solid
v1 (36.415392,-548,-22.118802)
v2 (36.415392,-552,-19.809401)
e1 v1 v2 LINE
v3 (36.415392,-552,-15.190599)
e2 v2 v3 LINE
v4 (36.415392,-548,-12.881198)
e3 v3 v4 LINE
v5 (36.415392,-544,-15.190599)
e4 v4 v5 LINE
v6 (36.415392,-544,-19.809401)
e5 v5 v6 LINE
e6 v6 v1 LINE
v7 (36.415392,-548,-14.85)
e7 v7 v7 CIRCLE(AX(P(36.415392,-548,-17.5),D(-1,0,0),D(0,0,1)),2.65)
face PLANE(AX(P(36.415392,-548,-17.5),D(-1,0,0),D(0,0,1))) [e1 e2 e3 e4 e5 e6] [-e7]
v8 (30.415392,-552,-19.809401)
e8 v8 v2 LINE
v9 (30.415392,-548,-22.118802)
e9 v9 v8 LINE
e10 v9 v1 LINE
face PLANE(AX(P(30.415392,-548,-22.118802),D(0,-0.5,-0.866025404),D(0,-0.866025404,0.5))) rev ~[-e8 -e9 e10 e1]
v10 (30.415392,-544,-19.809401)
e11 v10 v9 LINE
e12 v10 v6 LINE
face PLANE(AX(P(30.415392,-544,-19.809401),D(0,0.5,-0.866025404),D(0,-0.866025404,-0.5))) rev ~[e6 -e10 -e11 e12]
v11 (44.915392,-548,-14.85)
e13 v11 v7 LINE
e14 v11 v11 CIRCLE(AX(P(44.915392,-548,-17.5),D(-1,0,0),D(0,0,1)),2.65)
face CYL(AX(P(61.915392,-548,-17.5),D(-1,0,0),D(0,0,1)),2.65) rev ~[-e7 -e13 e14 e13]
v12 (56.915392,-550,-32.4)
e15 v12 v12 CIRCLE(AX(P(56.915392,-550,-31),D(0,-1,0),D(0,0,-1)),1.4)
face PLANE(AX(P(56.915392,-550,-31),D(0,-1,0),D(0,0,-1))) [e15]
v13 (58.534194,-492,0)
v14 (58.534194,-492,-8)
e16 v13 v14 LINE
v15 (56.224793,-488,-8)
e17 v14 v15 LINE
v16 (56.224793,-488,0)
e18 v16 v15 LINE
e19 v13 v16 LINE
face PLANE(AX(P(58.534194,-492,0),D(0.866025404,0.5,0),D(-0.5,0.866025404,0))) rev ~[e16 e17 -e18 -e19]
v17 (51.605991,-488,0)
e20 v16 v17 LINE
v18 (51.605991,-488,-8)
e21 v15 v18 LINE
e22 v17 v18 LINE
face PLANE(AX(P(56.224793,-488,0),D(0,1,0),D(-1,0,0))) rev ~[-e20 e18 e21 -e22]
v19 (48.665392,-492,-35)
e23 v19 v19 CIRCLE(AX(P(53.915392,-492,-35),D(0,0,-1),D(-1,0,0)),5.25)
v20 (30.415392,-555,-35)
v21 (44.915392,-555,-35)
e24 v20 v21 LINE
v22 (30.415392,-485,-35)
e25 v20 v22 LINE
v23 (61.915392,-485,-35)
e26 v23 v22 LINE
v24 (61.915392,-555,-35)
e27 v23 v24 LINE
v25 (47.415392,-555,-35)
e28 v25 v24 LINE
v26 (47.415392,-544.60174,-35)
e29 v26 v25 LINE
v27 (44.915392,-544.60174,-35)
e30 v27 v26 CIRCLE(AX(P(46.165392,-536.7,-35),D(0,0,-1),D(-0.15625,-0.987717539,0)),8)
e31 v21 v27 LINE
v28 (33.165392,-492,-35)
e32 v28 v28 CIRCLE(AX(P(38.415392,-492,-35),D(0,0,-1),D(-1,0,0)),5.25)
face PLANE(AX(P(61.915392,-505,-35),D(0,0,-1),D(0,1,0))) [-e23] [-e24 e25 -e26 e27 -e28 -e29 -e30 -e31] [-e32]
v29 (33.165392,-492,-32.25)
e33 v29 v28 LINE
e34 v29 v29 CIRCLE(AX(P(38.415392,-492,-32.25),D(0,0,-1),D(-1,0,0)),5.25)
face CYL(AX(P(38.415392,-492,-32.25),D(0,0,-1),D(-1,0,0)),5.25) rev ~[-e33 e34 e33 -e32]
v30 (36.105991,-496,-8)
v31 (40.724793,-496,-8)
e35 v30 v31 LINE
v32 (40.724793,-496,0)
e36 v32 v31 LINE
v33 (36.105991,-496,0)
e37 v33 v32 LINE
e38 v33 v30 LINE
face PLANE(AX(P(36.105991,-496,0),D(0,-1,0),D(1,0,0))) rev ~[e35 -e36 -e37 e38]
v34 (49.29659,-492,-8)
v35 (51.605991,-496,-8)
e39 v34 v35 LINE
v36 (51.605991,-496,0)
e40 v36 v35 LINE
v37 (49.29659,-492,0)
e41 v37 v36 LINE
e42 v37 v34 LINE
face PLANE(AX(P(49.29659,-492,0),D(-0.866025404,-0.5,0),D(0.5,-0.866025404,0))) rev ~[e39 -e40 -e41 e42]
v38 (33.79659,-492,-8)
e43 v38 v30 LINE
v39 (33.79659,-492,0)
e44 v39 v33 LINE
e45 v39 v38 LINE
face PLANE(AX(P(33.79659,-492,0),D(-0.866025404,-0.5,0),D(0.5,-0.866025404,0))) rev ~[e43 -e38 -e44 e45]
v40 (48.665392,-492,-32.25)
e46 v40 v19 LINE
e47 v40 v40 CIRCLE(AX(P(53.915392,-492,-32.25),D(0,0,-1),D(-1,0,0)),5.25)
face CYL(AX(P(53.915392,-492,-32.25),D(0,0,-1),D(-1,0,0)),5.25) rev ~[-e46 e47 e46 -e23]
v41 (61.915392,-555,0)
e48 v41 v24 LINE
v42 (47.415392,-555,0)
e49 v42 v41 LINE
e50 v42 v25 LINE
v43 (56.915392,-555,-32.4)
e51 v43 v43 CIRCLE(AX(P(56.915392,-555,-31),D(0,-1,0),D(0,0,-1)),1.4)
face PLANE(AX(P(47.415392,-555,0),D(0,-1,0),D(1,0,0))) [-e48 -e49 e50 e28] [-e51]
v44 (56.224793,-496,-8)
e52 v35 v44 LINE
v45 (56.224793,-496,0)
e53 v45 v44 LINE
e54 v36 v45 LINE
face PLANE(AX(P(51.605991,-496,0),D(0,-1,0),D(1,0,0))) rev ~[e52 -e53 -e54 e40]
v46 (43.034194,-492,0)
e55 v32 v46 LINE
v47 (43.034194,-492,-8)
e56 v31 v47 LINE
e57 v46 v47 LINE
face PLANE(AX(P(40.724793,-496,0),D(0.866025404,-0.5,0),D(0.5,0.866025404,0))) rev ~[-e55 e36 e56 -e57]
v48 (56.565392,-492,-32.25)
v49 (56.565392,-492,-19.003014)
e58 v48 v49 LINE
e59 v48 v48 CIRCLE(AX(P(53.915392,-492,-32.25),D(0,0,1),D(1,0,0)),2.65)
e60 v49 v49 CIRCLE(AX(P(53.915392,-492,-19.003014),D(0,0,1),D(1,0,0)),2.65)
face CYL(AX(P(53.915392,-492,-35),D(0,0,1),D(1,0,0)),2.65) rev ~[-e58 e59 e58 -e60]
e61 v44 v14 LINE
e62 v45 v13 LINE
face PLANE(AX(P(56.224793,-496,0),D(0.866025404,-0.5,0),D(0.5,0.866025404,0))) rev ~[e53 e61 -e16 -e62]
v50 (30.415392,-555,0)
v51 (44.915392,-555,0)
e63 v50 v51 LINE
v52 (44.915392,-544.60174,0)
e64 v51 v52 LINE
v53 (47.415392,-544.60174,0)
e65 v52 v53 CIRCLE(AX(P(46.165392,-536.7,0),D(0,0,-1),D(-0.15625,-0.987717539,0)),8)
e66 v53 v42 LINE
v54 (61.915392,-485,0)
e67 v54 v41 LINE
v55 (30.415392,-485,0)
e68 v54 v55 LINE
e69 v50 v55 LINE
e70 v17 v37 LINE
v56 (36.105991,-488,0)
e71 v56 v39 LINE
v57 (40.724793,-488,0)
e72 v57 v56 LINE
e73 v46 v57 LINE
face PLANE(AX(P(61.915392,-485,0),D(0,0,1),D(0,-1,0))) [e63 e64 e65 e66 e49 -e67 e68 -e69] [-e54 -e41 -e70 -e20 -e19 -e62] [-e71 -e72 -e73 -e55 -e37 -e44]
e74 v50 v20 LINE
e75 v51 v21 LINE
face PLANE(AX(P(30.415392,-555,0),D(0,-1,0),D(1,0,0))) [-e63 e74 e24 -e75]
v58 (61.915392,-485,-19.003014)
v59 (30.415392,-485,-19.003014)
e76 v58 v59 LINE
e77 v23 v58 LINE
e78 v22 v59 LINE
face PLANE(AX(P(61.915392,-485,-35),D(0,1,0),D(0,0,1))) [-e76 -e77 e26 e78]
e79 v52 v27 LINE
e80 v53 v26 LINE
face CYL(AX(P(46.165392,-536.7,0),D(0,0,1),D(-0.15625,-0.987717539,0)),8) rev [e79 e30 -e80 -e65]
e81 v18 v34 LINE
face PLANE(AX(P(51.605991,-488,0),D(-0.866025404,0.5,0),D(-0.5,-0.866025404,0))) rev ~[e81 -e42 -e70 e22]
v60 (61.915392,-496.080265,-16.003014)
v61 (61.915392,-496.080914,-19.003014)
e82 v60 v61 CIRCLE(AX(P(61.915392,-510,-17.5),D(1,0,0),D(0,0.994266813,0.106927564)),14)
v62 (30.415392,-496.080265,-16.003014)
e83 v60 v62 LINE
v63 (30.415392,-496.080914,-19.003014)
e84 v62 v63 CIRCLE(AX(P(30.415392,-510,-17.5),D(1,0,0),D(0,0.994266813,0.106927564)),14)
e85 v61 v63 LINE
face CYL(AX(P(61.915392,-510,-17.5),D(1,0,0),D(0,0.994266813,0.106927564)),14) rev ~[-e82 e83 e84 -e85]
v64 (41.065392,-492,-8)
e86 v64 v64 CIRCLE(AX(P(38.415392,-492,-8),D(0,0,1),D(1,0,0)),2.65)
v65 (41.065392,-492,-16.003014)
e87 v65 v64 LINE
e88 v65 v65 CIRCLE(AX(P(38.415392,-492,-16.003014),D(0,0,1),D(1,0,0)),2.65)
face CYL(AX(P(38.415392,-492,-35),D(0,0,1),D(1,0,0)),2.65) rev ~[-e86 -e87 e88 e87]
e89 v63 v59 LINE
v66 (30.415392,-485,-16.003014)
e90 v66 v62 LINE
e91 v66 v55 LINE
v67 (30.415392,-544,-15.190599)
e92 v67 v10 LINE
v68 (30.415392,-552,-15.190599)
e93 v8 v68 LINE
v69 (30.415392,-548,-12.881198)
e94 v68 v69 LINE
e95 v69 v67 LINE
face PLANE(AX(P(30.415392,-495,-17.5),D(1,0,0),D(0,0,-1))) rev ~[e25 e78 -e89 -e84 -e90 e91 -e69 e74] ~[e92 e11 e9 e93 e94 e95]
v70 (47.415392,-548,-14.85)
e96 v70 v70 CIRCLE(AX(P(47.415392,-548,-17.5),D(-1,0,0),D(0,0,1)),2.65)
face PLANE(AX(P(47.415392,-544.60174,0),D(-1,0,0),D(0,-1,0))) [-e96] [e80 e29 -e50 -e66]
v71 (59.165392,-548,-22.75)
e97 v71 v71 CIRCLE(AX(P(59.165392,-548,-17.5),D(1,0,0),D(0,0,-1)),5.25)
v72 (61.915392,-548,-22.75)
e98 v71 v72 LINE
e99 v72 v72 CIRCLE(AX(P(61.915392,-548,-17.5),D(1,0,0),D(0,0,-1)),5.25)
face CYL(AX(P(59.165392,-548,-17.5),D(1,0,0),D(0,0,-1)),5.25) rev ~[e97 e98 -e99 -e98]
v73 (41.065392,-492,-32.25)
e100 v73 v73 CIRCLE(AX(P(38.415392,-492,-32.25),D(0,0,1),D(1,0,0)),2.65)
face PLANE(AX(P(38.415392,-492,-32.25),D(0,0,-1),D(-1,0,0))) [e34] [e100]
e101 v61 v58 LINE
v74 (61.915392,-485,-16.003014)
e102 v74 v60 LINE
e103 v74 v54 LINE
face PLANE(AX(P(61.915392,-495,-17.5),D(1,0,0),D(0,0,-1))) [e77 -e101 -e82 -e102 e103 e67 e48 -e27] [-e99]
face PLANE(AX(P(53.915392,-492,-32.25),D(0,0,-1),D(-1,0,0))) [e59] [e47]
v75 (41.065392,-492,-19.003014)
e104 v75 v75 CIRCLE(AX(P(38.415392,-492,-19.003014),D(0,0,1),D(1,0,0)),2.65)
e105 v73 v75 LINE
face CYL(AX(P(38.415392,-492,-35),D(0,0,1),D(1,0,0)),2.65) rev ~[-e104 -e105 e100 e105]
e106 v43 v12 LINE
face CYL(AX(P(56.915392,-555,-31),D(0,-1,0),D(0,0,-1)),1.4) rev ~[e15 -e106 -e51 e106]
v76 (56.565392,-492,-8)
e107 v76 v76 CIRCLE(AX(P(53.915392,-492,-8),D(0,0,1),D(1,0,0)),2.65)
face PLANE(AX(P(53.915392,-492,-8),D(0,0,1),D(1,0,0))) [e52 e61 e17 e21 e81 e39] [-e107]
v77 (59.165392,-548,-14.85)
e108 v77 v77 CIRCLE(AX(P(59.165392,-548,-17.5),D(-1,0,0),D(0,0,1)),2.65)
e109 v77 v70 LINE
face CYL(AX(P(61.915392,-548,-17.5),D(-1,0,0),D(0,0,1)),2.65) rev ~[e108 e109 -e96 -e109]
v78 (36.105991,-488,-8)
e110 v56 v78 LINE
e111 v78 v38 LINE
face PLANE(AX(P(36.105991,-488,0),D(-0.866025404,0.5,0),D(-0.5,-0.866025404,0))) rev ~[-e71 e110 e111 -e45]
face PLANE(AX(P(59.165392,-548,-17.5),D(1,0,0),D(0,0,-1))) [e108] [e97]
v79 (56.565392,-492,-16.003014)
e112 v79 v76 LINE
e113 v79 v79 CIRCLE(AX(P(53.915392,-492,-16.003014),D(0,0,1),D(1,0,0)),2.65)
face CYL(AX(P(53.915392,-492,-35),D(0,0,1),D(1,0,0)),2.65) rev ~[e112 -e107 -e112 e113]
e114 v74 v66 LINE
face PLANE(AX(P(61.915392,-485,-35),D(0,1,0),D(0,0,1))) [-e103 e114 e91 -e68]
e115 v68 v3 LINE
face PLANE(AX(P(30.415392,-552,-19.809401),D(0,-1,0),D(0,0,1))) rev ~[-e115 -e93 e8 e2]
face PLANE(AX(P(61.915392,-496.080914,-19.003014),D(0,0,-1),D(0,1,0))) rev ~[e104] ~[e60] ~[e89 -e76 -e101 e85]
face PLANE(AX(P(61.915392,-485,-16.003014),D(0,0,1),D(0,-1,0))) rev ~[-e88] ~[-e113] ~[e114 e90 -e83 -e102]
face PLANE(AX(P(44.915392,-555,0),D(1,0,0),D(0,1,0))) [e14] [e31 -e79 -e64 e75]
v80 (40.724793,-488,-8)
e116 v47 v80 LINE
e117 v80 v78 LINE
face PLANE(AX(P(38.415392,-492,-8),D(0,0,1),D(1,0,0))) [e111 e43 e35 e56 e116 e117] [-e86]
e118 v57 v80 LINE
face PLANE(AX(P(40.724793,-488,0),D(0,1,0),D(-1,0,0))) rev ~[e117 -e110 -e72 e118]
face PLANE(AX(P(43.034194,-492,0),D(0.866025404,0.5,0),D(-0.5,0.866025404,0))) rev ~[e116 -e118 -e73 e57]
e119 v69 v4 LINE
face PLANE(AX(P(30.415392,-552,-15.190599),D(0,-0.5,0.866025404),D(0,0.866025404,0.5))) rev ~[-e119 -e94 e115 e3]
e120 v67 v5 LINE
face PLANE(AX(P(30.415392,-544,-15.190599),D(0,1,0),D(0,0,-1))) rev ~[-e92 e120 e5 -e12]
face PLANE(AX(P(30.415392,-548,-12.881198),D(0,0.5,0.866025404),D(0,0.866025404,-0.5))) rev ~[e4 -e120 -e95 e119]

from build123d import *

# Parameters (mm, degrees)
BOSS_EXTRU_1_DEPTH                               = 35
BOSS_EXTRU_2_DEPTH                               = 31.5
CHAMBRAGE_POUR_VIS_T_TE_RONDE_6_PANS_D           = 5.3
CHAMBRAGE_POUR_VIS_T_TE_RONDE_6_PANS_DEPTH       = 44
CHAMBRAGE_POUR_VIS_T_TE_RONDE_6_PANS_CBORE_D     = 10.5
CHAMBRAGE_POUR_VIS_T_TE_RONDE_6_PANS_CBORE_DEPTH = 2.75
CHAMBRAGE_POUR_VIS_T_TE_RONDE_6_PANS_TIP         = 1.59228064
ENL_V_MAT_EXTRU_1_DEPTH                          = 8
ENL_V_MAT_EXTRU_2_DEPTH                          = 45
CHAMBRAGE_POUR_VIS_T_TE_RONDE_6_2_D              = 5.3
CHAMBRAGE_POUR_VIS_T_TE_RONDE_6_2_DEPTH          = 44
CHAMBRAGE_POUR_VIS_T_TE_RONDE_6_2_CBORE_D        = 10.5
CHAMBRAGE_POUR_VIS_T_TE_RONDE_6_2_CBORE_DEPTH    = 2.75
CHAMBRAGE_POUR_VIS_T_TE_RONDE_6_2_TIP            = 1.59228064
ENL_V_MAT_EXTRU_3_DEPTH                          = 6
ESQUISSE12_R                                     = 1.4
ENL_V_MAT_EXTRU_4_DEPTH                          = 5


with BuildPart() as part:
    # Esquisse1 → Boss.-Extru.1 (new body)
    with BuildSketch(Plane.XY):
        with BuildLine():
            Line((47.415392001, -544.601740315), (47.415392001, -555))
            Line((47.415392001, -555), (61.915392001, -555))
            Line((61.915392001, -555), (61.915392001, -505))
            Line((61.915392001, -505), (30.415392001, -505))
            Line((30.415392001, -505), (30.415392001, -555))
            Line((30.415392001, -555), (44.915392001, -555))
            Line((44.915392001, -555), (44.915392001, -544.601740315))
            ThreePointArc((44.915392001, -544.601740315), (46.165392001, -528.7), (47.415392001, -544.601740315))
        make_face()
    extrude(amount=-BOSS_EXTRU_1_DEPTH)

    # Esquisse4 → Boss.-Extru.2 (add)
    with BuildSketch(Plane(origin=(61.915392001, 0, 0), x_dir=(0, 0, -1), z_dir=(1, 0, 0))):
        Polygon((35, -505), (35, -485), (19.003014107, -485), (16.003014107, -485), (0, -485), (0, -505), align=None)
    extrude(amount=-BOSS_EXTRU_2_DEPTH)

    # Chambrage pour Vis _ t_te ronde _ 6 pans
    with Locations(Plane(origin=(0, 0, -35), x_dir=(-1, 0, 0), z_dir=(0, 0, -1))):
        with Locations((-53.915392001, -492), (-38.415392001, -492)):
            CounterBoreHole(CHAMBRAGE_POUR_VIS_T_TE_RONDE_6_PANS_D / 2, CHAMBRAGE_POUR_VIS_T_TE_RONDE_6_PANS_CBORE_D / 2, CHAMBRAGE_POUR_VIS_T_TE_RONDE_6_PANS_CBORE_DEPTH, depth=CHAMBRAGE_POUR_VIS_T_TE_RONDE_6_PANS_DEPTH)
            with Locations((0, 0, -(CHAMBRAGE_POUR_VIS_T_TE_RONDE_6_PANS_DEPTH + CHAMBRAGE_POUR_VIS_T_TE_RONDE_6_PANS_TIP / 2))):  # 118° drill point
                Cone(0, CHAMBRAGE_POUR_VIS_T_TE_RONDE_6_PANS_D / 2, CHAMBRAGE_POUR_VIS_T_TE_RONDE_6_PANS_TIP, mode=Mode.SUBTRACT)

    # Esquisse7 → Enlèv. mat.-Extru.1 (cut)
    with BuildSketch(Plane.XY):
        Polygon((56.224793078, -488), (51.605990924, -488), (49.296589847, -492), (51.605990924, -496), (56.224793078, -496), (58.534194154, -492), align=None)
        Polygon((40.724793078, -488), (36.105990924, -488), (33.796589847, -492), (36.105990924, -496), (40.724793078, -496), (43.034194154, -492), align=None)
    extrude(amount=-ENL_V_MAT_EXTRU_1_DEPTH, mode=Mode.SUBTRACT)

    # Esquisse8 → Enlèv. mat.-Extru.2 (cut)
    with BuildSketch(Plane(origin=(61.915392001, 0, 0), x_dir=(0, 0, -1), z_dir=(1, 0, 0))):
        with BuildLine():
            Line((16.003014107, -485), (16.003014107, -496.080264613))
            ThreePointArc((16.003014107, -496.080264613), (17.496968442, -523.999999672), (19.003014107, -496.080914233))
            Line((19.003014107, -496.080914233), (19.003014107, -485))
            Line((19.003014107, -485), (16.003014107, -485))
        make_face()
    extrude(amount=-ENL_V_MAT_EXTRU_2_DEPTH, mode=Mode.SUBTRACT)

    # Chambrage pour Vis _ t_te ronde _ 6  2
    with Locations(Plane(origin=(61.915392001, 0, 0), x_dir=(0, 0, -1), z_dir=(1, 0, 0))):
        with Locations((17.5, -548)):
            CounterBoreHole(CHAMBRAGE_POUR_VIS_T_TE_RONDE_6_2_D / 2, CHAMBRAGE_POUR_VIS_T_TE_RONDE_6_2_CBORE_D / 2, CHAMBRAGE_POUR_VIS_T_TE_RONDE_6_2_CBORE_DEPTH, depth=CHAMBRAGE_POUR_VIS_T_TE_RONDE_6_2_DEPTH)
            with Locations((0, 0, -(CHAMBRAGE_POUR_VIS_T_TE_RONDE_6_2_DEPTH + CHAMBRAGE_POUR_VIS_T_TE_RONDE_6_2_TIP / 2))):  # 118° drill point
                Cone(0, CHAMBRAGE_POUR_VIS_T_TE_RONDE_6_2_D / 2, CHAMBRAGE_POUR_VIS_T_TE_RONDE_6_2_TIP, mode=Mode.SUBTRACT)

    # Esquisse11 → Enlèv. mat.-Extru.3 (cut)
    with BuildSketch(Plane.ZY.offset(-30.415392001)):
        Polygon((-15.190598923, -544), (-19.809401077, -544), (-22.118802154, -548), (-19.809401077, -552), (-15.190598923, -552), (-12.881197846, -548), align=None)
    extrude(amount=-ENL_V_MAT_EXTRU_3_DEPTH, mode=Mode.SUBTRACT)

    # Esquisse12 → Enlèv. mat.-Extru.4 (cut)
    with BuildSketch(Plane.XZ.offset(555)):
        with Locations(Location((56.915392001, -31, 0), (0, 0, 270))):
            Circle(ESQUISSE12_R)
    extrude(amount=-ENL_V_MAT_EXTRU_4_DEPTH, mode=Mode.SUBTRACT)


solid = part.part
